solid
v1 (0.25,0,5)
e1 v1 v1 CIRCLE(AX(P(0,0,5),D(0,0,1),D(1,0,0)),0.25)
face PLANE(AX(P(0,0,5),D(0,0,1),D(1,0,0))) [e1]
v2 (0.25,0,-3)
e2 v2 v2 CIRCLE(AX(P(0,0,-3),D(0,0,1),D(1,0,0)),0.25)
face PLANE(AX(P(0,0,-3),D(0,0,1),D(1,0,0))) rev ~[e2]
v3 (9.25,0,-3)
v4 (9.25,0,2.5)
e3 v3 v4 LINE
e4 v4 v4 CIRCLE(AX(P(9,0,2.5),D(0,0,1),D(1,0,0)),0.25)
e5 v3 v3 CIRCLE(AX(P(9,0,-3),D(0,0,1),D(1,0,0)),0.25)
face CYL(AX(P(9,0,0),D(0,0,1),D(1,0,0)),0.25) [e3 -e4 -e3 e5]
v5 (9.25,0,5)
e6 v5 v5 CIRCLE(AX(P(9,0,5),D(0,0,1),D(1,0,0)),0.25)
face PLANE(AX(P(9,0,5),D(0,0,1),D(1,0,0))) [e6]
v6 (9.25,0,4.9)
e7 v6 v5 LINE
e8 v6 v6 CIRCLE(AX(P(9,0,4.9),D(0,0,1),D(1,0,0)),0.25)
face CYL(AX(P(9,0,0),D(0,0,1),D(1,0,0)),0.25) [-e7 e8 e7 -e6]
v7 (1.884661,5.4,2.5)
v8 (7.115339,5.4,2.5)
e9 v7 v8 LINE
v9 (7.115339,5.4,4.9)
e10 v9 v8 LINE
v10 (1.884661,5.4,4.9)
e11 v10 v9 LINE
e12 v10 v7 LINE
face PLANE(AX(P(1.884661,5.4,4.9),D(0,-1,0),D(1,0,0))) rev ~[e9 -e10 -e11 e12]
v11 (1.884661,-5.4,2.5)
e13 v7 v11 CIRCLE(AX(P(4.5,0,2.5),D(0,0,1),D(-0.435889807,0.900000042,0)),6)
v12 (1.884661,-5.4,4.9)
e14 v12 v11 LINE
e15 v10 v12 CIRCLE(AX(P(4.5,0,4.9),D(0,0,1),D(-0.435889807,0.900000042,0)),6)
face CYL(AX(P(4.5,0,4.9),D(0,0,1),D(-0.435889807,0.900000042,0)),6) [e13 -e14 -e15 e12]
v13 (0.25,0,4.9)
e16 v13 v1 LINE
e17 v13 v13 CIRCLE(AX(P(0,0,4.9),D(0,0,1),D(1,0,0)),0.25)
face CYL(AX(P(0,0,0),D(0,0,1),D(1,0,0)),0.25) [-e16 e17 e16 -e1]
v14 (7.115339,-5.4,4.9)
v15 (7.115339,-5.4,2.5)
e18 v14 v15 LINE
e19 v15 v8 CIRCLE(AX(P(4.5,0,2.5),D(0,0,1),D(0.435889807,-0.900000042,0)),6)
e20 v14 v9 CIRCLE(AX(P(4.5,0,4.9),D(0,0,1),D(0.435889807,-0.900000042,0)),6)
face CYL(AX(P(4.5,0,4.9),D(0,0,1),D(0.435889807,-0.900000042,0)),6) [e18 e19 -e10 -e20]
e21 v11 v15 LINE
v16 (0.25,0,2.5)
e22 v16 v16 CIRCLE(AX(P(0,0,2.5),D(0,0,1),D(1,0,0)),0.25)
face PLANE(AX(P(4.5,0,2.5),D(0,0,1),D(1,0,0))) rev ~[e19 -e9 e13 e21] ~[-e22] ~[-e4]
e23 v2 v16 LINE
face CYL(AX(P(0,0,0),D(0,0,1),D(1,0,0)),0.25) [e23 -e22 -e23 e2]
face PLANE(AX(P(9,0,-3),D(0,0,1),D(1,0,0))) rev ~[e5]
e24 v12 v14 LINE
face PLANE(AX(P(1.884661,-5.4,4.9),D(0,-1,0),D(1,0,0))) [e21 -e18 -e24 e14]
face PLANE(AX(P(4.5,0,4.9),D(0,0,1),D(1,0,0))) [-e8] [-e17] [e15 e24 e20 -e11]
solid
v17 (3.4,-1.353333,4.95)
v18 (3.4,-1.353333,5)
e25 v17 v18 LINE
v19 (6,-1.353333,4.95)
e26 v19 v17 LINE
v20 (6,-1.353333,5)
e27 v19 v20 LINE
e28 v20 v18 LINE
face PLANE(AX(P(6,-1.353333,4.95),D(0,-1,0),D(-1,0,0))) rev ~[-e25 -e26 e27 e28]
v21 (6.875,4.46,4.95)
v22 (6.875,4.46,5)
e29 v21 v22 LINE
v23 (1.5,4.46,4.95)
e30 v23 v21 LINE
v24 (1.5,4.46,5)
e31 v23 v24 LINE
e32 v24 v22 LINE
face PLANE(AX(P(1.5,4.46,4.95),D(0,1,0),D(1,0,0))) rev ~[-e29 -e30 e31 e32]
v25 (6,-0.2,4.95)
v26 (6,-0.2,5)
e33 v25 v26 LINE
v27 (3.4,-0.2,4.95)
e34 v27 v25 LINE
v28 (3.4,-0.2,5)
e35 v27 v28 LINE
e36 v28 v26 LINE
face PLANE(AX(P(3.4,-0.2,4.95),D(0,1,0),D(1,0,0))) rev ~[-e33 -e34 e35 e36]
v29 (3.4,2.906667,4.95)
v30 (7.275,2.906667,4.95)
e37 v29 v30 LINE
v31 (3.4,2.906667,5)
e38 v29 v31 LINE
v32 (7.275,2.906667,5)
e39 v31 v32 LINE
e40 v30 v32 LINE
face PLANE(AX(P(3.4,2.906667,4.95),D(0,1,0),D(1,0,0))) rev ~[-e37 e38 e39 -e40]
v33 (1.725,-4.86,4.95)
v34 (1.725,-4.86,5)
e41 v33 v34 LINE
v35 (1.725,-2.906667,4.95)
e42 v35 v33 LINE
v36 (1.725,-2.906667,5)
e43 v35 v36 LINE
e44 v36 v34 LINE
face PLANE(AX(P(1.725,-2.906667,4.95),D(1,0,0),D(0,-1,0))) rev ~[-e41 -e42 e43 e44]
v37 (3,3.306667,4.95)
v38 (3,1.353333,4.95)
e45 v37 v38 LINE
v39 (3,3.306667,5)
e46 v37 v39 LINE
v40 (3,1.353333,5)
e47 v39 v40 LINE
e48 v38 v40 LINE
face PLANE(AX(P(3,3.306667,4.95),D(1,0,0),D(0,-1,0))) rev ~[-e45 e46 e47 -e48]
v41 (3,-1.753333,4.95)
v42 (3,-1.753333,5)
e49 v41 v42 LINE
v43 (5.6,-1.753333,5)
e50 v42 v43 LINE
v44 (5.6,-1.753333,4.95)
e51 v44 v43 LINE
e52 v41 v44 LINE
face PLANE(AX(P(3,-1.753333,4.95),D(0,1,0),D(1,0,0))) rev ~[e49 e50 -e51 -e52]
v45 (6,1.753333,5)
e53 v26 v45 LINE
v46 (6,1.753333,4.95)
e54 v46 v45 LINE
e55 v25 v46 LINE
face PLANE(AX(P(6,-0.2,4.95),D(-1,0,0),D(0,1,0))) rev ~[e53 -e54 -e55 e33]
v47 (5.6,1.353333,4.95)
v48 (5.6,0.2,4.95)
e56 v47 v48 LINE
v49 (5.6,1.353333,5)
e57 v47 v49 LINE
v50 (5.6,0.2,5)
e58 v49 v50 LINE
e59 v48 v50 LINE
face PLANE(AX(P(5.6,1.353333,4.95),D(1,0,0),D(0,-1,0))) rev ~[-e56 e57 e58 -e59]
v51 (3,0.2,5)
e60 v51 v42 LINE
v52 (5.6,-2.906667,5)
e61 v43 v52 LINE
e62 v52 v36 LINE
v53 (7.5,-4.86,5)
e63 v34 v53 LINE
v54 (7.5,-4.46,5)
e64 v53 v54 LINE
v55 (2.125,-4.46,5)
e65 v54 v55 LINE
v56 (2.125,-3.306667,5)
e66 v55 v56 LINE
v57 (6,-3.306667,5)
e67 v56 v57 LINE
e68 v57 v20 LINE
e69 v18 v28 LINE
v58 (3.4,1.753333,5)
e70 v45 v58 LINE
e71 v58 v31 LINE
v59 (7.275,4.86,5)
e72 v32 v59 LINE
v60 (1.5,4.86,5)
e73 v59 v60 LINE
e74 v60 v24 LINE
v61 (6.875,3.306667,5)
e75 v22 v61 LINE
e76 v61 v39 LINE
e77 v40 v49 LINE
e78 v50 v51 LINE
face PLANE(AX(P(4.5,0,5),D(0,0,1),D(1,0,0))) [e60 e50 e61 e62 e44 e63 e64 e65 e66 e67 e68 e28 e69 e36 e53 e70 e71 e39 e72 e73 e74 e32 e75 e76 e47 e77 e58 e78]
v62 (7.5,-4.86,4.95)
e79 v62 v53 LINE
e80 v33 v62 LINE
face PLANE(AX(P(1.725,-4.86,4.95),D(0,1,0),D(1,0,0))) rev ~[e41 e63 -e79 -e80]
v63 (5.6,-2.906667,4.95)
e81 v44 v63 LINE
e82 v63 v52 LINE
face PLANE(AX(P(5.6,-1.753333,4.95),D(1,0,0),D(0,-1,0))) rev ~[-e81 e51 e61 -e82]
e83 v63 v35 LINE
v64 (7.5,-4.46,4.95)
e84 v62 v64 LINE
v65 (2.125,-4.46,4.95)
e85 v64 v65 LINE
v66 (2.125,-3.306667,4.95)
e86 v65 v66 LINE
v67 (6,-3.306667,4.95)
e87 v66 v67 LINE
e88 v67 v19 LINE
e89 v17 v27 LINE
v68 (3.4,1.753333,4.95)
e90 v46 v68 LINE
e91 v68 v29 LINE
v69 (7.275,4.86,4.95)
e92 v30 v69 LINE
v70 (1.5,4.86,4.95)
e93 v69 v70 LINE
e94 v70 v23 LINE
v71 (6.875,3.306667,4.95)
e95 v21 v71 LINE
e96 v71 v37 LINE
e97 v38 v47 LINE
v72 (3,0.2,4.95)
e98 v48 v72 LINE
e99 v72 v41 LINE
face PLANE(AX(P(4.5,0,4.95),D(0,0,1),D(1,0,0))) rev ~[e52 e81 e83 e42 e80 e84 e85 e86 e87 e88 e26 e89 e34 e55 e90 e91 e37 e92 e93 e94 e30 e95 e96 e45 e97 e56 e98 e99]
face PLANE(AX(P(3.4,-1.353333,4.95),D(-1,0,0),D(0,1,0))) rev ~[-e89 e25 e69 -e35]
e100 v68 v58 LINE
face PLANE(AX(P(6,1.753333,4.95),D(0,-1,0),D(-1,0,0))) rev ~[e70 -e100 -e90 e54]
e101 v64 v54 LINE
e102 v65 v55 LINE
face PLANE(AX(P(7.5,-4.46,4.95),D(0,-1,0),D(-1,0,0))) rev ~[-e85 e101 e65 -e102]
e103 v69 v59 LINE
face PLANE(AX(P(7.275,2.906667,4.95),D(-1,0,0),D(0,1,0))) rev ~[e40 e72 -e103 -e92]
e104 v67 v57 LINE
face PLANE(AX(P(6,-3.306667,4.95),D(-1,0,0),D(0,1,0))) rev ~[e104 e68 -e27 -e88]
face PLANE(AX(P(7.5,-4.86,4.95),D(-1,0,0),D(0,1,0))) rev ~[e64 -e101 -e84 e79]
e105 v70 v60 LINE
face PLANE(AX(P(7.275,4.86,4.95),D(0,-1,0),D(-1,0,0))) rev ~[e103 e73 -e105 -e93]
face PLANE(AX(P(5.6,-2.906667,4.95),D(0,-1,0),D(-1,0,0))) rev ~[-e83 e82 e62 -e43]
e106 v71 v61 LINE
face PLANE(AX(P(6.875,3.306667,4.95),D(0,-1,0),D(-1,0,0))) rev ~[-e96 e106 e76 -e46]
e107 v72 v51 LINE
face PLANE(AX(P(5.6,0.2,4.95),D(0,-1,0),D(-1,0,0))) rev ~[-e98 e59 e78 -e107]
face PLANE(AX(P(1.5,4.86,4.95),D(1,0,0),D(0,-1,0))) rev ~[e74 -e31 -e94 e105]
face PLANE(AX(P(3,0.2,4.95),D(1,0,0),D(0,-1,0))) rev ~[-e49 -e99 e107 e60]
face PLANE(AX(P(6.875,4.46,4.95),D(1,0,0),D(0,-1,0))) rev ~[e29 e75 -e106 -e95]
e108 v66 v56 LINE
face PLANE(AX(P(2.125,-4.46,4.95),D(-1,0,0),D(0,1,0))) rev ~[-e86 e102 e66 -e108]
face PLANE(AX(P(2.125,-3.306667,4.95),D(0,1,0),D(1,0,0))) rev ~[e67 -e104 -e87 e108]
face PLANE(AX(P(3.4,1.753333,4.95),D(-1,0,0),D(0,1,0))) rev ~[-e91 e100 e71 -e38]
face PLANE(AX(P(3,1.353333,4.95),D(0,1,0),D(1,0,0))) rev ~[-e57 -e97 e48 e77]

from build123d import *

# Parameters (mm, degrees)
PAD001_DEPTH   = 2.4
SKETCH_R       = 0.25
PAD_DEPTH      = 5
PAD_DEPTH_BACK = 3
PAD002_DEPTH   = 0.05


with BuildPart() as pad001:
    # Sketch001 → Pad001 (new body)
    with BuildSketch(Plane.XY.offset(4.9)):
        with BuildLine():
            ThreePointArc((1.884661, 5.4), (-1.5, 0), (1.884661, -5.4))
            Line((1.884661, -5.4), (7.115339, -5.4))
            ThreePointArc((7.115339, -5.4), (10.5, 0), (7.115339, 5.4))
            Line((1.884661, 5.4), (7.115339, 5.4))
        make_face()
    extrude(amount=-PAD001_DEPTH)


with BuildPart() as pad:
    # Sketch → Pad (new body, two sides)
    with BuildSketch(Plane.XY) as pad_sk:
        Circle(SKETCH_R)
        with Locations((9, 0)):
            Circle(SKETCH_R)
    extrude(amount=PAD_DEPTH)
    extrude(pad_sk.sketch, amount=-PAD_DEPTH_BACK)


with BuildPart() as r_ldr_12x10_8mm_p9_0mm_vertical:
    # Sketch002 → Pad002 (new body)
    with BuildSketch(Plane.XY.offset(4.95)):
        Polygon((1.5, 4.46), (6.875, 4.46), (6.875, 3.306667), (3, 3.306667), (3, 2.906667), (3, 1.353333), (3.4, 1.353333), (5.6, 1.353333), (5.6, 0.2), (3, 0.2), (3, -0.2), (3, -1.753333), (3.4, -1.753333), (5.6, -1.753333), (5.6, -2.906667), (1.725, -2.906667), (1.725, -3.306667), (1.725, -4.86), (2.125, -4.86), (7.5, -4.86), (7.5, -4.46), (2.125, -4.46), (2.125, -3.306667), (5.6, -3.306667), (6, -3.306667), (6, -1.753333), (6, -1.353333), (3.4, -1.353333), (3.4, -0.2), (5.6, -0.2), (6, -0.2), (6, 1.353333), (6, 1.753333), (3.4, 1.753333), (3.4, 2.906667), (6.875, 2.906667), (7.275, 2.906667), (7.275, 4.46), (7.275, 4.86), (1.5, 4.86), align=None)
    extrude(amount=PAD002_DEPTH)

    # Pad002_mp_cp: union Pad001, Pad
    add(pad001.part)
    add(pad.part)


solid = r_ldr_12x10_8mm_p9_0mm_vertical.part
